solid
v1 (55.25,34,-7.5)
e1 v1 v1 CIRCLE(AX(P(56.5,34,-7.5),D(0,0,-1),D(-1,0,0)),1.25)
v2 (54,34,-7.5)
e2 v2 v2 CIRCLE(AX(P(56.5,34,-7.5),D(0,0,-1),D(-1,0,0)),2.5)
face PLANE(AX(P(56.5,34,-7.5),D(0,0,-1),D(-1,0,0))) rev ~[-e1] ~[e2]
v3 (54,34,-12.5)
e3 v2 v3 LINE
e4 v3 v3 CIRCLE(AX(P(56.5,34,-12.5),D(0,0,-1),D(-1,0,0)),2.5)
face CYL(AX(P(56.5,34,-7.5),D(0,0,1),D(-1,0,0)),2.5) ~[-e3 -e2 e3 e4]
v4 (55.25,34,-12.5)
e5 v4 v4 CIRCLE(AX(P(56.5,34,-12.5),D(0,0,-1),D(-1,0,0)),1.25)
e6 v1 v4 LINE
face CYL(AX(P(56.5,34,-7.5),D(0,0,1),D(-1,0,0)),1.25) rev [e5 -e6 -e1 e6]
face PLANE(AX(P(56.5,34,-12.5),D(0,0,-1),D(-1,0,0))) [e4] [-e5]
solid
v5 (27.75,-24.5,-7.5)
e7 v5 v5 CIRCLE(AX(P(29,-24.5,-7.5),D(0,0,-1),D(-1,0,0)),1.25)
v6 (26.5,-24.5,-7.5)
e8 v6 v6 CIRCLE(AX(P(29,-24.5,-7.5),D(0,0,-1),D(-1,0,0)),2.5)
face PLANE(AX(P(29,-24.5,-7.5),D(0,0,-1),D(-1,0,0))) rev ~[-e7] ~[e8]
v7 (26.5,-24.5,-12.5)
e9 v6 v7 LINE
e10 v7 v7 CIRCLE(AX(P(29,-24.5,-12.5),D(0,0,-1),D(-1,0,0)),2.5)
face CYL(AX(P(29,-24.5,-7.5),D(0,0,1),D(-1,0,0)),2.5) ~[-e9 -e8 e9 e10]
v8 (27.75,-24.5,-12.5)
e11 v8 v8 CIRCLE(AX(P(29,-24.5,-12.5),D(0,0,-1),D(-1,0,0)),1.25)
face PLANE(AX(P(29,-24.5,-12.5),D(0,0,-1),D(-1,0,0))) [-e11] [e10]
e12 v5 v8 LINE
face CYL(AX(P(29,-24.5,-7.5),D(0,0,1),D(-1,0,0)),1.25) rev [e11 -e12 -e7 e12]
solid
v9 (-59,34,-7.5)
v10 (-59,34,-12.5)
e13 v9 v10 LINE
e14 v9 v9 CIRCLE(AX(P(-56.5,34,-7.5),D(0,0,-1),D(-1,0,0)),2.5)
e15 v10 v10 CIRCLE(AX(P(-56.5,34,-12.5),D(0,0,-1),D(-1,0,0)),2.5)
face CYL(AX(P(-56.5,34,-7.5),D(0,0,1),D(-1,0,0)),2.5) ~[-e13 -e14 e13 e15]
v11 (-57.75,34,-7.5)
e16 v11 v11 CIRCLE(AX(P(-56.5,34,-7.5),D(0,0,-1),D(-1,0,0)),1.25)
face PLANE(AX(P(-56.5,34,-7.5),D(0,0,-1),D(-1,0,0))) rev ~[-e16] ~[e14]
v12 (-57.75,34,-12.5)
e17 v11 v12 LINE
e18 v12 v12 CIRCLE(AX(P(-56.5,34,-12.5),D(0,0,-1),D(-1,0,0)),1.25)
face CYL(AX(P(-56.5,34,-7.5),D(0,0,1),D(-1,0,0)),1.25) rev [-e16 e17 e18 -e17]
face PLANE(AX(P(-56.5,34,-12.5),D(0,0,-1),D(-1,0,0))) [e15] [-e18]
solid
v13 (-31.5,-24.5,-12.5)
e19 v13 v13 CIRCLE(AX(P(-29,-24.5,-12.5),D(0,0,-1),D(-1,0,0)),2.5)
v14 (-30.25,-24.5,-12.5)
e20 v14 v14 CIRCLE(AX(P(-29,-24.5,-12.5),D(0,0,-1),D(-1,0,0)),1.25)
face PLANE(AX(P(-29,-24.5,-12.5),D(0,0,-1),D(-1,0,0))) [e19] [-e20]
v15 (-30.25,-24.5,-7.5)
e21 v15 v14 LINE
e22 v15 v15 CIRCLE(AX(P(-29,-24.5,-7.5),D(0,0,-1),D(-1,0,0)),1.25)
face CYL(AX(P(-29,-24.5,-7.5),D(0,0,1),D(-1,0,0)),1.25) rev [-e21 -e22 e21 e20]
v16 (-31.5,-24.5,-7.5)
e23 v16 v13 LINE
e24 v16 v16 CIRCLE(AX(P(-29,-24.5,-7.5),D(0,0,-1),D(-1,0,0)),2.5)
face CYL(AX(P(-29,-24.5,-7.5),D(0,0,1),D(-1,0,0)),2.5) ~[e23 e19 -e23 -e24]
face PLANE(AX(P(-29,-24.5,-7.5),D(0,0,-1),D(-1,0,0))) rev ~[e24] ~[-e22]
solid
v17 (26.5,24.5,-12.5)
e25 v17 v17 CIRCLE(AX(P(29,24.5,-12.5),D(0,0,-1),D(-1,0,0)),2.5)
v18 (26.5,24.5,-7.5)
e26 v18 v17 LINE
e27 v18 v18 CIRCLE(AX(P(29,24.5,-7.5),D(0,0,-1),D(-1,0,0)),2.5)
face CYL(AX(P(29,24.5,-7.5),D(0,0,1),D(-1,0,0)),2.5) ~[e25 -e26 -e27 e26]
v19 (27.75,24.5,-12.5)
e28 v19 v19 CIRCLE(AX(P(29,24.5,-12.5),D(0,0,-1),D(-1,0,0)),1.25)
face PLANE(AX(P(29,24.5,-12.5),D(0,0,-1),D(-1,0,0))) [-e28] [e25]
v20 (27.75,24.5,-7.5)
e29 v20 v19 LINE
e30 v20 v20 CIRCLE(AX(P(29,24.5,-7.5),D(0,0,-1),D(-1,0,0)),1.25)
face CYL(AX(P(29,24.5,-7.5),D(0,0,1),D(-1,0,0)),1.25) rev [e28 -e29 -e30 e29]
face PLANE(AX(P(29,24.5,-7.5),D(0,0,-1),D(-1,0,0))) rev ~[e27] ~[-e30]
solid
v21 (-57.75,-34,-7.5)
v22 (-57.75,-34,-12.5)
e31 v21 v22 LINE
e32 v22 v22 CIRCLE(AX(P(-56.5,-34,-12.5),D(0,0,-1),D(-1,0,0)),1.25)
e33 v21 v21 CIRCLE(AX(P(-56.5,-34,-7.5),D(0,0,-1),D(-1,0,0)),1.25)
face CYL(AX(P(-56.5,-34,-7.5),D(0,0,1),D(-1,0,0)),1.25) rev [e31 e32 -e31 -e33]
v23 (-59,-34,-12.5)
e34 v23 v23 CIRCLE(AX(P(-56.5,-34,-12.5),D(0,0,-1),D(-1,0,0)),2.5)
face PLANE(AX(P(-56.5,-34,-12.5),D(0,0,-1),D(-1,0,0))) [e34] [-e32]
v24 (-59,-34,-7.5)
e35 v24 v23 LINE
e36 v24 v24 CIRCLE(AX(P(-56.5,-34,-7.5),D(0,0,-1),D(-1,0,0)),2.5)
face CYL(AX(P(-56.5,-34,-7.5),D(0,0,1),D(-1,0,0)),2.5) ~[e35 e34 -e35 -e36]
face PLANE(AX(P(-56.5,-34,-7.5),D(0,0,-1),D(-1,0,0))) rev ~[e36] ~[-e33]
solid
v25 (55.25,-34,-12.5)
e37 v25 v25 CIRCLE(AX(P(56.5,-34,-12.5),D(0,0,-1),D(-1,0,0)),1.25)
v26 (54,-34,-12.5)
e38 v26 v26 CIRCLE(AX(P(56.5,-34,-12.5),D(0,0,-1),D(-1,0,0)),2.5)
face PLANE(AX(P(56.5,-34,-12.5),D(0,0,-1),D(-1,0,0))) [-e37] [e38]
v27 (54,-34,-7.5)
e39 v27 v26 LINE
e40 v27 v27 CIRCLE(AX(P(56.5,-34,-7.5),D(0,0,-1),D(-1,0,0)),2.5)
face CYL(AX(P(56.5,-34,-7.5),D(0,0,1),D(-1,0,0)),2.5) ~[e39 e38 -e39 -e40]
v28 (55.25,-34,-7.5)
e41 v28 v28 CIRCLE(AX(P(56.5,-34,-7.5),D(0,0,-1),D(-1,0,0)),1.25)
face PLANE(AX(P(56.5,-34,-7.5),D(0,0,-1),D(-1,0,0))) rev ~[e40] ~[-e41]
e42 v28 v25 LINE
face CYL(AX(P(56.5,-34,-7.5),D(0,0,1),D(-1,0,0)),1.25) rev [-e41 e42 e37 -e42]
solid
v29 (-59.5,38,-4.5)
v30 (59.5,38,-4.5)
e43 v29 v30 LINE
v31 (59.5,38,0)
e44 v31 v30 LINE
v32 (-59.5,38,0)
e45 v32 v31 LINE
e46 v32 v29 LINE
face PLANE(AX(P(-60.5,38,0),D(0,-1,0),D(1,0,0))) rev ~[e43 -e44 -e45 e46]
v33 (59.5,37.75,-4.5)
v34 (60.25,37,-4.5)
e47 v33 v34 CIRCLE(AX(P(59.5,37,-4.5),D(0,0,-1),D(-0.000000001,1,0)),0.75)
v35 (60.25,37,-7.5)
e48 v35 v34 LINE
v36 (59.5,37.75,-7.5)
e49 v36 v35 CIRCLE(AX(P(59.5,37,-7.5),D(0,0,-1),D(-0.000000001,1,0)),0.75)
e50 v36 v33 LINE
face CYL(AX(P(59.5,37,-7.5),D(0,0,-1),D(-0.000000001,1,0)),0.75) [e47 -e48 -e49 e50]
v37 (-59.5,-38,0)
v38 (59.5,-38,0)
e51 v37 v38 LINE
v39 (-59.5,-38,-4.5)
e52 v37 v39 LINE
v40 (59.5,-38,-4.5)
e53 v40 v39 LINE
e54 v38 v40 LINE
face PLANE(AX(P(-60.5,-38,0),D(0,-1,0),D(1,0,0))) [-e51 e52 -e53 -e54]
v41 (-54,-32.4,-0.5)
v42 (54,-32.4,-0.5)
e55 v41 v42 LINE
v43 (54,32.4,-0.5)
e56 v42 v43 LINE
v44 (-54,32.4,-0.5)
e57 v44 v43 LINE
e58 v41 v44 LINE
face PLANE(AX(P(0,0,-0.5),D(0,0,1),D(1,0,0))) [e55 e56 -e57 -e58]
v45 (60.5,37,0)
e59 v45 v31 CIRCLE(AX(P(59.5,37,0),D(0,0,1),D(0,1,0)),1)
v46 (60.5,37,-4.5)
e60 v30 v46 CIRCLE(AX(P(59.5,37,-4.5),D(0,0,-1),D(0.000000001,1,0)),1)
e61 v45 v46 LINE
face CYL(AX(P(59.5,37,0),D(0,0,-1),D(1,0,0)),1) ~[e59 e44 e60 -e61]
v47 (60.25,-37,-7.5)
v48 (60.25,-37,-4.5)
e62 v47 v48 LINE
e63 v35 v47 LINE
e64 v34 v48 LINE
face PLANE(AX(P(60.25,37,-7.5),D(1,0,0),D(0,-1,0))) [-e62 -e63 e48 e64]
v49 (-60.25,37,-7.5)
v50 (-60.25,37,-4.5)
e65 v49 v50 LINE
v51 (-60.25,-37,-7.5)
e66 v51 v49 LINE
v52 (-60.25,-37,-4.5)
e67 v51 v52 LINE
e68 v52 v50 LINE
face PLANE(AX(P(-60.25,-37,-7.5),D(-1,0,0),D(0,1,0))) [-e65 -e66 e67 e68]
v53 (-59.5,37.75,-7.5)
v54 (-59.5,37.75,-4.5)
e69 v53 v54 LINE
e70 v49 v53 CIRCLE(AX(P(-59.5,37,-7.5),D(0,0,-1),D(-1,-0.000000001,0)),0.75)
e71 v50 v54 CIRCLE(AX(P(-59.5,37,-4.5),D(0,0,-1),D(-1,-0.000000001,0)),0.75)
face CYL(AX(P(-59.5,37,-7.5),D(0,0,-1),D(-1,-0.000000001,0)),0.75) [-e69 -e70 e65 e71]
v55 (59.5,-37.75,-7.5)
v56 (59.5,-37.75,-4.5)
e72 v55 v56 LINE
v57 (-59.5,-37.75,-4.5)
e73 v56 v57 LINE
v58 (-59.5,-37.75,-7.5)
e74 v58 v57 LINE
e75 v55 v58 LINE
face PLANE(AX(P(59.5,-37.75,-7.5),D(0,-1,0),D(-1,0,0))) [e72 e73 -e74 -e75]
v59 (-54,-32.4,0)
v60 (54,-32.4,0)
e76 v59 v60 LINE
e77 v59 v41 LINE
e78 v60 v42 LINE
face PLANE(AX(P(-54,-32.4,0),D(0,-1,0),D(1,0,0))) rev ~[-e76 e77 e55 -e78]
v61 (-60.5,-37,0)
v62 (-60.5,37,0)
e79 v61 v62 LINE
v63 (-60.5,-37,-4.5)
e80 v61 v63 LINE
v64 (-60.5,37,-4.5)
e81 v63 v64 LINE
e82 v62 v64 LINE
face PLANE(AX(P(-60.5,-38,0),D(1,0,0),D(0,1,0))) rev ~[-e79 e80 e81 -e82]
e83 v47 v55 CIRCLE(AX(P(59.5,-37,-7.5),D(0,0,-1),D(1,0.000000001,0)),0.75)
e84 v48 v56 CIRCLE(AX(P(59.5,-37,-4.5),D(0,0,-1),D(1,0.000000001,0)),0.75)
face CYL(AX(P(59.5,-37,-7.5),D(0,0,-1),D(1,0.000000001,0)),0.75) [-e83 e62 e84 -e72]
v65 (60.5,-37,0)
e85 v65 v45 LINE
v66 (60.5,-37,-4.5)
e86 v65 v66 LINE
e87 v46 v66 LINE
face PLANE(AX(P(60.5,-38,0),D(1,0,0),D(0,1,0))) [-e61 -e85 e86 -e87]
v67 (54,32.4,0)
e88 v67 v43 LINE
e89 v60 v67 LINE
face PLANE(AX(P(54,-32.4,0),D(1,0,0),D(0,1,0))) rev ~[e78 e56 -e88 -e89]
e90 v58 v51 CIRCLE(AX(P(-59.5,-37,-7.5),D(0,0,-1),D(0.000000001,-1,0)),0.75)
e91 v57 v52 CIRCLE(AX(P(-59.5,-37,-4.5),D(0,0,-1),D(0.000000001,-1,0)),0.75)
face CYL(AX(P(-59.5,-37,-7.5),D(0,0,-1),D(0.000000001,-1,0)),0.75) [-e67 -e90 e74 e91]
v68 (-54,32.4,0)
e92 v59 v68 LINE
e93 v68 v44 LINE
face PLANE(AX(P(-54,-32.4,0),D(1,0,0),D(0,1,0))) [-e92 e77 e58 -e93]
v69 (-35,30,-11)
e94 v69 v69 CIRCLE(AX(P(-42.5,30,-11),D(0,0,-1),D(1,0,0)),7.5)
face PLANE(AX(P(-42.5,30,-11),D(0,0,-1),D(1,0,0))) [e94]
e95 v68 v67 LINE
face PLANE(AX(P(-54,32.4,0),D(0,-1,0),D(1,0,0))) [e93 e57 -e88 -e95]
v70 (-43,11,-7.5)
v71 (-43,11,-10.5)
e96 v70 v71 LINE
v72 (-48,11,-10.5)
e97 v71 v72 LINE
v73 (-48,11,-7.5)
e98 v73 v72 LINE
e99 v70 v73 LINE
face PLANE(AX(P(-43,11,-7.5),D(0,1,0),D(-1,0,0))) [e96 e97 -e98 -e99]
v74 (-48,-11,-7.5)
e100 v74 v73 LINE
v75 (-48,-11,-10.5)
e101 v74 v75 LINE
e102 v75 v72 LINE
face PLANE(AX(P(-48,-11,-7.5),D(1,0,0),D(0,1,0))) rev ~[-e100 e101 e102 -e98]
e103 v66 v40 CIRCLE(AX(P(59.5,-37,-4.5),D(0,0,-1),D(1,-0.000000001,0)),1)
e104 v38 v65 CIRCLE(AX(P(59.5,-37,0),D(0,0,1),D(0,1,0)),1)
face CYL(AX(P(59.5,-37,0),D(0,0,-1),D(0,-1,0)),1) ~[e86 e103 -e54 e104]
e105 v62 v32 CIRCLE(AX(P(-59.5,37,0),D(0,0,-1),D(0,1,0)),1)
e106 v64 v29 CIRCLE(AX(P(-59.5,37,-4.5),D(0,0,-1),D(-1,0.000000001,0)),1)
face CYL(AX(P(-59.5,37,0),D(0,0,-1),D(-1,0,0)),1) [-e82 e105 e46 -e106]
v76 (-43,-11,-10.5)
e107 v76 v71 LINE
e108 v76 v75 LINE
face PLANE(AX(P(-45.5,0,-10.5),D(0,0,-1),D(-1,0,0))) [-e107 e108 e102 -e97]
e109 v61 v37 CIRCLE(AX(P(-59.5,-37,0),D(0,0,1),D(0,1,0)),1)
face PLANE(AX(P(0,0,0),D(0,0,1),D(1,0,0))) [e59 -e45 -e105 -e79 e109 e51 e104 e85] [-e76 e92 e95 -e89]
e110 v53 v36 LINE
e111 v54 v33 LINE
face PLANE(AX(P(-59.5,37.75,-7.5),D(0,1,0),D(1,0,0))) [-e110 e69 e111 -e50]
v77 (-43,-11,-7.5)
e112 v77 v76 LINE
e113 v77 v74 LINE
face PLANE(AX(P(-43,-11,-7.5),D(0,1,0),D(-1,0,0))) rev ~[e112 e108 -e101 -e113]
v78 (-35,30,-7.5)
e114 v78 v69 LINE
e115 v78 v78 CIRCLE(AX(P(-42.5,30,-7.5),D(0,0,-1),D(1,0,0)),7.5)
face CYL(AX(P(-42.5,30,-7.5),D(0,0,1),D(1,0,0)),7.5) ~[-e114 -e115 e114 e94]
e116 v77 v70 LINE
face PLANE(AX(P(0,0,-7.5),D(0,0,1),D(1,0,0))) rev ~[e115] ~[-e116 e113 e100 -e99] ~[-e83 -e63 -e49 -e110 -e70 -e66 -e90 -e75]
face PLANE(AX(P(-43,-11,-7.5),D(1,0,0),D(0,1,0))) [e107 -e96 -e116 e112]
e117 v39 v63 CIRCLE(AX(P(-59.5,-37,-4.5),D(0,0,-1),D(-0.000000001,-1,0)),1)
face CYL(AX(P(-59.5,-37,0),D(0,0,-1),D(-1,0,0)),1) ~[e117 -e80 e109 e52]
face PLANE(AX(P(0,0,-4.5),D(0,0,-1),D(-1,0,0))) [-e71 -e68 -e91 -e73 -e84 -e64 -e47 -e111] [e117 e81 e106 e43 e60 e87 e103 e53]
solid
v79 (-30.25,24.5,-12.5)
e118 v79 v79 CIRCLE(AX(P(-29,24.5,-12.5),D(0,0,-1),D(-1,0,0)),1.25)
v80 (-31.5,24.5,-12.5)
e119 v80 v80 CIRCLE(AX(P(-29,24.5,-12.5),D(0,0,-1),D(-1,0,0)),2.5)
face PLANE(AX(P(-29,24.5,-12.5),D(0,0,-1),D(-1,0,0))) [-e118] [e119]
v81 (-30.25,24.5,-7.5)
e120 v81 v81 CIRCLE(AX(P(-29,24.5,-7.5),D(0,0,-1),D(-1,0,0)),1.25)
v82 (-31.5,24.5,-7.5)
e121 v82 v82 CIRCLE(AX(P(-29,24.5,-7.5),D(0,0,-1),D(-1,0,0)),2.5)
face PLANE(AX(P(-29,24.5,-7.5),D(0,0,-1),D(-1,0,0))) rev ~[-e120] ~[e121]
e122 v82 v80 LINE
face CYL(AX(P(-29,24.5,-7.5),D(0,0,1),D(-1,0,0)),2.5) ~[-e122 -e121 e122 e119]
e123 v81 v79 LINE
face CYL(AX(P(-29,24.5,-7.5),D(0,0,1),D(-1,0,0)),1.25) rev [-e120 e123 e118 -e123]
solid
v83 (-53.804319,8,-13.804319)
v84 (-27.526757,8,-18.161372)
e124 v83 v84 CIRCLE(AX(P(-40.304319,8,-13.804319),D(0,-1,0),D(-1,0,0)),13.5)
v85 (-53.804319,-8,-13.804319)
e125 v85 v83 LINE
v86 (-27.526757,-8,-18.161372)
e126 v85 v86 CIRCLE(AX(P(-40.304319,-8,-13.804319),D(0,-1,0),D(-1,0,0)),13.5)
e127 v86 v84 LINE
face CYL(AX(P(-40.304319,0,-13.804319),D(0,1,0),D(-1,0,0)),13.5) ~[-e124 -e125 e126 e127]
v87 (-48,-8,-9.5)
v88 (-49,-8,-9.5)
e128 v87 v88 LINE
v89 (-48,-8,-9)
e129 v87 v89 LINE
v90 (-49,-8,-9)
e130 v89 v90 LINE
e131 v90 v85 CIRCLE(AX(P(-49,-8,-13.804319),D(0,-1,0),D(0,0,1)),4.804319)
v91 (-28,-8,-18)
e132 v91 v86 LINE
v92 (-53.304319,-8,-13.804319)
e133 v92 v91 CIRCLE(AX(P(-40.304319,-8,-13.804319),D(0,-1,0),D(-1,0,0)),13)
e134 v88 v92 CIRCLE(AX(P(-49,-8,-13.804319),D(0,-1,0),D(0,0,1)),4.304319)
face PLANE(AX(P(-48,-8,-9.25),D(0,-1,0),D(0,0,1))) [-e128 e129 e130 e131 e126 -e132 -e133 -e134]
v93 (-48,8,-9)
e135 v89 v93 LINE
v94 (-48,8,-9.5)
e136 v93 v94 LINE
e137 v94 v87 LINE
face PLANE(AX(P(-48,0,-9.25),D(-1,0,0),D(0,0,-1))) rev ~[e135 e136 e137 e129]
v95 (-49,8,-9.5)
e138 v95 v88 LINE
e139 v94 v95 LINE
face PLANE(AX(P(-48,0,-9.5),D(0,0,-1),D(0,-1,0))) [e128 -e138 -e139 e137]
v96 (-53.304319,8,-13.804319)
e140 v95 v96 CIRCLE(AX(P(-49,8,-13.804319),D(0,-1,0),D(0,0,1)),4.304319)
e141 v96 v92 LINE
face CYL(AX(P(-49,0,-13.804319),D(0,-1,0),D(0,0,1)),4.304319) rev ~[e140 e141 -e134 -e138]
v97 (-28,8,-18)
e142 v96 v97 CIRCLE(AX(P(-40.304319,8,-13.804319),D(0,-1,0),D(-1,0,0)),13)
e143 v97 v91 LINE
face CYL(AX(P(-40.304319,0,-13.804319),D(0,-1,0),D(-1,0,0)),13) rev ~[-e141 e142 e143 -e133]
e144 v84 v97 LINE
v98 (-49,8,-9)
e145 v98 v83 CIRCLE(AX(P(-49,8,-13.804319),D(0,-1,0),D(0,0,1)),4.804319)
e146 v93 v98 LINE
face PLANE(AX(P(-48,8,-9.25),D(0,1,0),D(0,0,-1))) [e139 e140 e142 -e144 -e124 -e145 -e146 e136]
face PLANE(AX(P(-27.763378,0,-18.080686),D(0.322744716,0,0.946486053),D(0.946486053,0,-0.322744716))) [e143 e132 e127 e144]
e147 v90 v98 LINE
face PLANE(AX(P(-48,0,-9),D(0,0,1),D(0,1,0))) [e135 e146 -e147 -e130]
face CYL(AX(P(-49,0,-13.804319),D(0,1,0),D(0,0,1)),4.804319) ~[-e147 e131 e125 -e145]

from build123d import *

# Parameters (mm, degrees)
ESQUISSE1_W                     = 121
ESQUISSE1_H                     = 76
BOSS_EXTRU_1_DEPTH              = 7.5
ESQUISSE2_R                     = 2.5
ESQUISSE2_R_2                   = 1.25
EXTRU_MINCE1_DEPTH              = 5
EXTRU_MINCE1_2_DEPTH            = 5
EXTRU_MINCE1_3_DEPTH            = 5
EXTRU_MINCE1_4_DEPTH            = 5
EXTRU_MINCE1_5_DEPTH            = 5
EXTRU_MINCE1_6_DEPTH            = 5
EXTRU_MINCE1_7_DEPTH            = 5
EXTRU_MINCE1_8_DEPTH            = 5
CONG_1_R                        = 1
ESQUISSE3_W                     = 108
ESQUISSE3_H                     = 64.8
ENL_V_MAT_EXTRU_1_DEPTH         = 0.5
ENL_V_DE_MAT_EXTRU_MINCE1_DEPTH = 3
ESQUISSE5_R                     = 7.5
BOSS_EXTRU_2_DEPTH              = 3.5
ESQUISSE6_W                     = 5
ESQUISSE6_H                     = 22
BOSS_EXTRU_3_DEPTH              = 3
ESQUISSE7_W                     = 0.5
ESQUISSE7_H                     = 16


with BuildPart() as part:
    # Esquisse1 → Boss.-Extru.1 (new body)
    with BuildSketch(Plane.XY):
        Rectangle(ESQUISSE1_W, ESQUISSE1_H)
    extrude(amount=-BOSS_EXTRU_1_DEPTH)

    # Congé1
    cong_1_edges = [part.edges().sort_by_distance(p)[0] for p in [
        (-60.5, 38, -3.75),
        (60.5, 38, -3.75),
        (60.5, -38, -3.75),
        (-60.5, -38, -3.75),
    ]]
    fillet(cong_1_edges, radius=CONG_1_R)

    # Esquisse3 → Enlèv. mat.-Extru.1 (cut)
    with BuildSketch(Plane.XY):
        Rectangle(ESQUISSE3_W, ESQUISSE3_H)
    extrude(amount=-ENL_V_MAT_EXTRU_1_DEPTH, mode=Mode.SUBTRACT)

    # Esquisse4 → Enlèv. de mat.-Extru.-Mince1 (cut)
    with BuildSketch(Plane(origin=(0, 0, -7.5), x_dir=(-1, 0, 0), z_dir=(0, 0, -1))):
        with BuildLine():
            Line((-59.5, -38), (59.5, -38))
            ThreePointArc((59.5, -38), (60.207106781, -37.707106781), (60.5, -37))
            Line((60.5, -37), (60.5, 37))
            ThreePointArc((60.5, 37), (60.207106781, 37.707106781), (59.5, 38))
            Line((59.5, 38), (-59.5, 38))
            ThreePointArc((-59.5, 38), (-60.207106781, 37.707106781), (-60.5, 37))
            Line((-60.5, 37), (-60.5, -37))
            ThreePointArc((-60.5, -37), (-60.207106781, -37.707106781), (-59.5, -38))
        make_face()
        with BuildLine():
            Line((-59.5, -37.75), (59.5, -37.75))
            ThreePointArc((59.5, -37.75), (60.030330086, -37.530330086), (60.25, -37))
            Line((60.25, -37), (60.25, 37))
            ThreePointArc((60.25, 37), (60.030330086, 37.530330086), (59.5, 37.75))
            Line((59.5, 37.75), (-59.5, 37.75))
            ThreePointArc((-59.5, 37.75), (-60.030330086, 37.530330086), (-60.25, 37))
            Line((-60.25, 37), (-60.25, -37))
            ThreePointArc((-60.25, -37), (-60.030330086, -37.530330086), (-59.5, -37.75))
        make_face(mode=Mode.SUBTRACT)
    extrude(amount=-ENL_V_DE_MAT_EXTRU_MINCE1_DEPTH, mode=Mode.SUBTRACT)

    # Esquisse5 → Boss.-Extru.2 (add)
    with BuildSketch(Plane(origin=(0, 0, -7.5), x_dir=(-1, 0, 0), z_dir=(0, 0, -1))):
        with Locations(Location((42.5, 30, 0), (0, 0, 180))):
            Circle(ESQUISSE5_R)
    extrude(amount=BOSS_EXTRU_2_DEPTH)

    # Esquisse6 → Boss.-Extru.3 (add)
    with BuildSketch(Plane(origin=(0, 0, -7.5), x_dir=(-1, 0, 0), z_dir=(0, 0, -1))):
        with Locations((45.5, 0)):
            Rectangle(ESQUISSE6_W, ESQUISSE6_H)
    extrude(amount=BOSS_EXTRU_3_DEPTH)


with BuildPart() as body_2:
    # Esquisse2 → Extru.-Mince1 (new body)
    with BuildSketch(Plane(origin=(0, 0, -7.5), x_dir=(-1, 0, 0), z_dir=(0, 0, -1))):
        with Locations((-56.5, 34)):
            Circle(ESQUISSE2_R)
        with Locations((-56.5, 34)):
            Circle(ESQUISSE2_R_2, mode=Mode.SUBTRACT)
    extrude(amount=EXTRU_MINCE1_DEPTH)


with BuildPart() as body_3:
    # Esquisse2 → Extru.-Mince1 2 (new body)
    with BuildSketch(Plane(origin=(0, 0, -7.5), x_dir=(-1, 0, 0), z_dir=(0, 0, -1))):
        with Locations((-56.5, -34)):
            Circle(ESQUISSE2_R)
        with Locations((-56.5, -34)):
            Circle(ESQUISSE2_R_2, mode=Mode.SUBTRACT)
    extrude(amount=EXTRU_MINCE1_2_DEPTH)


with BuildPart() as body_4:
    # Esquisse2 → Extru.-Mince1 3 (new body)
    with BuildSketch(Plane(origin=(0, 0, -7.5), x_dir=(-1, 0, 0), z_dir=(0, 0, -1))):
        with Locations((-29, 24.5)):
            Circle(ESQUISSE2_R)
        with Locations((-29, 24.5)):
            Circle(ESQUISSE2_R_2, mode=Mode.SUBTRACT)
    extrude(amount=EXTRU_MINCE1_3_DEPTH)


with BuildPart() as body_5:
    # Esquisse2 → Extru.-Mince1 4 (new body)
    with BuildSketch(Plane(origin=(0, 0, -7.5), x_dir=(-1, 0, 0), z_dir=(0, 0, -1))):
        with Locations((-29, -24.5)):
            Circle(ESQUISSE2_R)
        with Locations((-29, -24.5)):
            Circle(ESQUISSE2_R_2, mode=Mode.SUBTRACT)
    extrude(amount=EXTRU_MINCE1_4_DEPTH)


with BuildPart() as body_6:
    # Esquisse2 → Extru.-Mince1 5 (new body)
    with BuildSketch(Plane(origin=(0, 0, -7.5), x_dir=(-1, 0, 0), z_dir=(0, 0, -1))):
        with Locations((29, 24.5)):
            Circle(ESQUISSE2_R)
        with Locations((29, 24.5)):
            Circle(ESQUISSE2_R_2, mode=Mode.SUBTRACT)
    extrude(amount=EXTRU_MINCE1_5_DEPTH)


with BuildPart() as body_7:
    # Esquisse2 → Extru.-Mince1 6 (new body)
    with BuildSketch(Plane(origin=(0, 0, -7.5), x_dir=(-1, 0, 0), z_dir=(0, 0, -1))):
        with Locations((29, -24.5)):
            Circle(ESQUISSE2_R)
        with Locations((29, -24.5)):
            Circle(ESQUISSE2_R_2, mode=Mode.SUBTRACT)
    extrude(amount=EXTRU_MINCE1_6_DEPTH)


with BuildPart() as body_8:
    # Esquisse2 → Extru.-Mince1 7 (new body)
    with BuildSketch(Plane(origin=(0, 0, -7.5), x_dir=(-1, 0, 0), z_dir=(0, 0, -1))):
        with Locations((56.5, 34)):
            Circle(ESQUISSE2_R)
        with Locations((56.5, 34)):
            Circle(ESQUISSE2_R_2, mode=Mode.SUBTRACT)
    extrude(amount=EXTRU_MINCE1_7_DEPTH)


with BuildPart() as body_9:
    # Esquisse2 → Extru.-Mince1 8 (new body)
    with BuildSketch(Plane(origin=(0, 0, -7.5), x_dir=(-1, 0, 0), z_dir=(0, 0, -1))):
        with Locations((56.5, -34)):
            Circle(ESQUISSE2_R)
        with Locations((56.5, -34)):
            Circle(ESQUISSE2_R_2, mode=Mode.SUBTRACT)
    extrude(amount=EXTRU_MINCE1_8_DEPTH)


with BuildPart() as body_10:
    # Balayage1: sweep along a path in Esquisse8
    with BuildLine(Plane(origin=(0, 0, 0), x_dir=(1, 0, 0), z_dir=(0, 1, 0))) as balayage1_path:
        Line((-48, 9.5), (-49, 9.5))
        ThreePointArc((-49, 9.5), (-52.043612931, 10.760705754), (-53.304318685, 13.804318685))
        ThreePointArc((-53.304318685, 13.804318685), (-42.430801355, 26.629219131), (-28, 18))
    # Esquisse7 → Balayage1 (sweep)
    with BuildSketch(Plane.ZY.offset(48)):
        with Locations((-9.25, 0)):
            Rectangle(ESQUISSE7_W, ESQUISSE7_H)
    sweep(path=balayage1_path.line)


solid = Compound([part.part, body_2.part, body_3.part, body_4.part, body_5.part, body_6.part, body_7.part, body_8.part, body_9.part, body_10.part])
